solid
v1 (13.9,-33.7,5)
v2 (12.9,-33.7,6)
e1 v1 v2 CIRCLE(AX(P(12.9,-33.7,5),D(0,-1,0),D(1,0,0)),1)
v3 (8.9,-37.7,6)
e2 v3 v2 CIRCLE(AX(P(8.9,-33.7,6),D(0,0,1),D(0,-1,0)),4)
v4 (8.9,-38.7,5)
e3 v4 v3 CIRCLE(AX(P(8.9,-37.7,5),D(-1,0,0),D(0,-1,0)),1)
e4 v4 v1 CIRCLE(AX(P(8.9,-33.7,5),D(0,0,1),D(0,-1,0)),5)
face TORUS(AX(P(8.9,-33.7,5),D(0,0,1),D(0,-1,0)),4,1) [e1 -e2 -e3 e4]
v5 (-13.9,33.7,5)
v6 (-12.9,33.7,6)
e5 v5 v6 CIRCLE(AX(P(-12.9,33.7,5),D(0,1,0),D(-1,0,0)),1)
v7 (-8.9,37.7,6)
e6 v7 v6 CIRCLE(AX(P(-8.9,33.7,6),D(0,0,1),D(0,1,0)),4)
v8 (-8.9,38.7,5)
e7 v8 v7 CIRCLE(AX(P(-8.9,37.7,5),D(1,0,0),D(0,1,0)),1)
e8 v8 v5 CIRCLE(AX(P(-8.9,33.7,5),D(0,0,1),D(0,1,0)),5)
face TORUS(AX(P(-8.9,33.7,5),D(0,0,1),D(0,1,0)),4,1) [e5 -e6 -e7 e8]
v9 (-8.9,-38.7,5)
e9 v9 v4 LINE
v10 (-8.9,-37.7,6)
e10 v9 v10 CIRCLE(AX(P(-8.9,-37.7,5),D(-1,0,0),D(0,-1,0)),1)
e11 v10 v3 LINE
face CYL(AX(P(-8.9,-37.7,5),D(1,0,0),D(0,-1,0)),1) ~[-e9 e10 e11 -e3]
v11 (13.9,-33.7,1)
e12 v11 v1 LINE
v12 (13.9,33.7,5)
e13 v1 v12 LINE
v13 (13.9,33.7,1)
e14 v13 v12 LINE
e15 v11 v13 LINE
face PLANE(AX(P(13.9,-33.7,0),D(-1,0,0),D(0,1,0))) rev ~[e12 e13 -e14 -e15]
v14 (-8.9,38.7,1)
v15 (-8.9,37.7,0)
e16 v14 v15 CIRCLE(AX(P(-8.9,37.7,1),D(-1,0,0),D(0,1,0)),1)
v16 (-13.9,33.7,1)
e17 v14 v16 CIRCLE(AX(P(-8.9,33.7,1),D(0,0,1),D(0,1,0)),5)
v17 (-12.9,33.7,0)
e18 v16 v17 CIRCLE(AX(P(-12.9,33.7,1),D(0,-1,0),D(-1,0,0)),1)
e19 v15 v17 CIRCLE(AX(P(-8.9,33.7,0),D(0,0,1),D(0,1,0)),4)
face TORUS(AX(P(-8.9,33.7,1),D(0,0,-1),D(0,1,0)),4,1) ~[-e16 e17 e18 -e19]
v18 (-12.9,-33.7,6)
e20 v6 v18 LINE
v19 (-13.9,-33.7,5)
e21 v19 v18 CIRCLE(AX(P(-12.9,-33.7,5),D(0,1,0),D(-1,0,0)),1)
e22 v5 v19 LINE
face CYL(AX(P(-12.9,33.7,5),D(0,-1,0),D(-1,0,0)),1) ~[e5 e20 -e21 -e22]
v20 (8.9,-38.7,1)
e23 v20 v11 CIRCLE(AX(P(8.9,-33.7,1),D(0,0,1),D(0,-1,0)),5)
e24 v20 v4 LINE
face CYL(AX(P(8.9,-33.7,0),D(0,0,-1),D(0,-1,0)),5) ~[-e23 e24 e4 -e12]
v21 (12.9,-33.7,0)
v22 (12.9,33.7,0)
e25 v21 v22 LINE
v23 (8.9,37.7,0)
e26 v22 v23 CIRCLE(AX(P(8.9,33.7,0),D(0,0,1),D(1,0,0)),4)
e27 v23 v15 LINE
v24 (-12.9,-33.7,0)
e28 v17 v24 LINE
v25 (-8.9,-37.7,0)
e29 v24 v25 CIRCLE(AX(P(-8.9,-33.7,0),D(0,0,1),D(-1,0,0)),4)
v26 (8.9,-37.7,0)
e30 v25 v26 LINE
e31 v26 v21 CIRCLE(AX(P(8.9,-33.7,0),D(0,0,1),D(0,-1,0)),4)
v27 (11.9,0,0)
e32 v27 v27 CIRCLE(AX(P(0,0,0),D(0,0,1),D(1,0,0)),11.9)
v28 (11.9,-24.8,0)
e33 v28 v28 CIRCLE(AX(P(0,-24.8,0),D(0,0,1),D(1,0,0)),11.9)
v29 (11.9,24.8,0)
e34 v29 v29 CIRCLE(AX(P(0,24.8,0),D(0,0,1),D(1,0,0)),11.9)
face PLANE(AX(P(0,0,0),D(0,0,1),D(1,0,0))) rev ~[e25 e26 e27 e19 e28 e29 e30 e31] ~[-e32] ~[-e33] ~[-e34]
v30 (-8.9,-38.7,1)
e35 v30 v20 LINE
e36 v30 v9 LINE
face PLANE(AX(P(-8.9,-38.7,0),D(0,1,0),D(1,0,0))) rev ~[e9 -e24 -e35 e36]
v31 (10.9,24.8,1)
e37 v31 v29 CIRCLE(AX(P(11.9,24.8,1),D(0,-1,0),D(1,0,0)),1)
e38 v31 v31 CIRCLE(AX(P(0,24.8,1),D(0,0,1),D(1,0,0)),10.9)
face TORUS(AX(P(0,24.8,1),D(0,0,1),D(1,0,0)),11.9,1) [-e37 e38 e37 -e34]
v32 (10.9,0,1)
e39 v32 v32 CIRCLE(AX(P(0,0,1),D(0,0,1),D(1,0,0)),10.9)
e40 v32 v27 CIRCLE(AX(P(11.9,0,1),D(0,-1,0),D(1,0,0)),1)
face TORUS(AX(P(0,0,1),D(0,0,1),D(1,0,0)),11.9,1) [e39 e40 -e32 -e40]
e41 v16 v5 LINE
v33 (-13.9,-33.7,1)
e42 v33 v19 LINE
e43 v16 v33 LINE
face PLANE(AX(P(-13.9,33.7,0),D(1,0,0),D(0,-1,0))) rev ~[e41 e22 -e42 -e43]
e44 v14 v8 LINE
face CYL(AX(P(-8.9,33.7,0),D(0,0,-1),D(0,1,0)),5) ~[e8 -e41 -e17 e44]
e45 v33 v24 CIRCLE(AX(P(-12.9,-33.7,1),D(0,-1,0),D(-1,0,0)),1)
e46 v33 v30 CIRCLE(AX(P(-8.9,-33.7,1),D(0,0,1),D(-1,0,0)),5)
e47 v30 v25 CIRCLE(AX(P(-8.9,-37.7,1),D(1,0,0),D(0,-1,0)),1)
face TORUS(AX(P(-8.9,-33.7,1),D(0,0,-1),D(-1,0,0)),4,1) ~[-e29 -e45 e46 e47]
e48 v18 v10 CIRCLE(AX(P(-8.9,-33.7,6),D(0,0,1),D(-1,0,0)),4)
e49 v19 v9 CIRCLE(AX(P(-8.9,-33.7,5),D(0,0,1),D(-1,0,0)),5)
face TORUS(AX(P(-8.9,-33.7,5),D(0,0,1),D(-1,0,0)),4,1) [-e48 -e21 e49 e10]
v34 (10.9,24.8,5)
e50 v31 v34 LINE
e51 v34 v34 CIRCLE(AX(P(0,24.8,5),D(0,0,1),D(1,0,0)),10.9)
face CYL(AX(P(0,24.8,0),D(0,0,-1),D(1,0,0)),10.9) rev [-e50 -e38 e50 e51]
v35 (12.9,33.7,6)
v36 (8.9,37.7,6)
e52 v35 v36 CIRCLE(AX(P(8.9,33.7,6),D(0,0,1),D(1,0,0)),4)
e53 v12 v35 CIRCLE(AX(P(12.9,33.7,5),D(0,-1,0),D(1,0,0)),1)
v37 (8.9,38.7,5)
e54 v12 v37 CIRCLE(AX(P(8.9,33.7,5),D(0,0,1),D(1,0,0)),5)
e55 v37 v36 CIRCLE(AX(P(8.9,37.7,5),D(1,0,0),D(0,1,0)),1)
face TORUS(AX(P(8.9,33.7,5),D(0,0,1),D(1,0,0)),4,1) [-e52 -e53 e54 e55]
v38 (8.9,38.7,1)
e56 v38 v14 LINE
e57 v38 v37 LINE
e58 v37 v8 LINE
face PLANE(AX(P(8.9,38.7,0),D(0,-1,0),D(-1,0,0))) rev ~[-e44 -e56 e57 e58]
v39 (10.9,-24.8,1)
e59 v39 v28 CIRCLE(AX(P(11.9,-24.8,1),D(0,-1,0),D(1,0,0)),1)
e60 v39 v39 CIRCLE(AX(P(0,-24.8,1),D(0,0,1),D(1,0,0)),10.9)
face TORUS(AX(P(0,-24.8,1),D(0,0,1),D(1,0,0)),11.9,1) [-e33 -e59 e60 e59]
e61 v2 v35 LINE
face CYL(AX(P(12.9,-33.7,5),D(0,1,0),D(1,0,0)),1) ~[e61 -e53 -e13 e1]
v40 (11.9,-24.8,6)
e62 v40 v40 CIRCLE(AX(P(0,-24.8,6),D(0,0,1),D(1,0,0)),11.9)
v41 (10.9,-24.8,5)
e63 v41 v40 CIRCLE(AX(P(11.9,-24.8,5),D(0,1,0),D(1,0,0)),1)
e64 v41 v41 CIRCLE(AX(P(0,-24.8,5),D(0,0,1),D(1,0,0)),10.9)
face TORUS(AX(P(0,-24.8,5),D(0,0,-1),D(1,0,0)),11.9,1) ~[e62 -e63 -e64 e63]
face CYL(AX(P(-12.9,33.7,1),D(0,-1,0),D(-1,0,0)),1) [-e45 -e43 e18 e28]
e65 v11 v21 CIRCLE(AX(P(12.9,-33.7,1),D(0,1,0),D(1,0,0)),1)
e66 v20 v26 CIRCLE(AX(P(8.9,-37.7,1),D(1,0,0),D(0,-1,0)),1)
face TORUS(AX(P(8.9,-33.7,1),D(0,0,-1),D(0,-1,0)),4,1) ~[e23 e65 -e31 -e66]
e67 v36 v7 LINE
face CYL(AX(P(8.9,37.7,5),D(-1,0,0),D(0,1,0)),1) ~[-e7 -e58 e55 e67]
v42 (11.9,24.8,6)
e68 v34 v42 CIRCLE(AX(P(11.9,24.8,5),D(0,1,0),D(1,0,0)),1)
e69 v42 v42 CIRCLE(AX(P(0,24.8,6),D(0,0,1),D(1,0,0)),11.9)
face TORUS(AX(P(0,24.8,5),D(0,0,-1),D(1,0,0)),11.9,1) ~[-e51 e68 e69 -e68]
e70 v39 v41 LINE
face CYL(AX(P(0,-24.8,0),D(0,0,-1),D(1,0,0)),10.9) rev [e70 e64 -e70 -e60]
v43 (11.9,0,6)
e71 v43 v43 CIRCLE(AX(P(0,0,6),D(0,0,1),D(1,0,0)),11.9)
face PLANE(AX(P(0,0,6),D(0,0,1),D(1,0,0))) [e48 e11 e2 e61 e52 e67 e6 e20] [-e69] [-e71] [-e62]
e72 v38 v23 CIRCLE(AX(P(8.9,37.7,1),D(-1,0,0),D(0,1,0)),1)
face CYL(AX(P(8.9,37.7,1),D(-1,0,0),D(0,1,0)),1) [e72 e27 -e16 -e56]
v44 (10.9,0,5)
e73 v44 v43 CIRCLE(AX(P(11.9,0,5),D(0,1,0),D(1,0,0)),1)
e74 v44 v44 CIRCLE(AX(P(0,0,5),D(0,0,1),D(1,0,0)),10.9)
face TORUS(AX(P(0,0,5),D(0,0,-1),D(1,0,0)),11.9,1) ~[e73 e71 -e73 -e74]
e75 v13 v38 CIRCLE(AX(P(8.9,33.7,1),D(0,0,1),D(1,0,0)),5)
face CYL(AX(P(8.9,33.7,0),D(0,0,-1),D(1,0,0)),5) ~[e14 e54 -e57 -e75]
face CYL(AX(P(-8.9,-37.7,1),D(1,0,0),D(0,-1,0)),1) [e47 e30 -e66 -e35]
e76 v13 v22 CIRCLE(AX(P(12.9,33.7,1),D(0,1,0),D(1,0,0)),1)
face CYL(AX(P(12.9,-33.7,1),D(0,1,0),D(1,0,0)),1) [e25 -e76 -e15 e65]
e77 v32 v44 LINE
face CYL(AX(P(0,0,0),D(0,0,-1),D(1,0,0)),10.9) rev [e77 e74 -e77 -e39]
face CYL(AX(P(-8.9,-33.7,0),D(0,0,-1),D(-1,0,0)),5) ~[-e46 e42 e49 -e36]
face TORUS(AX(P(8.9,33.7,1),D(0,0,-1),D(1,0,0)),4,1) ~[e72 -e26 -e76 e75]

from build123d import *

# Parameters (mm, degrees)
F2_R     = 10.9
F3_DEPTH = 6
F4_R     = 1


with BuildPart() as f3:
    # F2 (on Top) → F3 (new body)
    with BuildSketch(Plane.XY):
        with BuildLine():
            ThreePointArc((13.9, 33.7), (12.4355339059, 37.2355339059), (8.9, 38.7))
            Line((8.9, 38.7), (-8.9, 38.7))
            ThreePointArc((-8.9, 38.7), (-12.4355339059, 37.2355339059), (-13.9, 33.7))
            Line((-13.9, 33.7), (-13.9, -33.7))
            ThreePointArc((-13.9, -33.7), (-12.4355339059, -37.2355339059), (-8.9, -38.7))
            Line((-8.9, -38.7), (8.9, -38.7))
            ThreePointArc((8.9, -38.7), (12.4355339059, -37.2355339059), (13.9, -33.7))
            Line((13.9, -33.7), (13.9, 33.7))
        make_face()
        with Locations((0, -24.8)):
            Circle(F2_R, mode=Mode.SUBTRACT)
        Circle(F2_R, mode=Mode.SUBTRACT)
        with Locations((0, 24.8)):
            Circle(F2_R, mode=Mode.SUBTRACT)
    extrude(amount=F3_DEPTH)

    # F4
    f4_edges = [f3.edges().sort_by_distance(p)[0] for p in [
        (12.435534, 37.235534, 6),
        (0, 38.7, 6),
        (-12.435534, 37.235534, 6),
        (-13.9, 0, 6),
        (-12.435534, -37.235534, 6),
        (0, -38.7, 6),
        (12.435534, -37.235534, 6),
        (13.9, 0, 6),
        (-10.9, -24.8, 6),
        (-10.9, 0, 6),
        (-10.9, 24.8, 6),
        (12.435534, 37.235534, 0),
        (0, 38.7, 0),
        (-12.435534, 37.235534, 0),
        (-13.9, 0, 0),
        (-12.435534, -37.235534, 0),
        (0, -38.7, 0),
        (12.435534, -37.235534, 0),
        (13.9, 0, 0),
        (-10.9, -24.8, 0),
        (-10.9, 0, 0),
        (-10.9, 24.8, 0),
    ]]
    fillet(f4_edges, radius=F4_R)


solid = f3.part
